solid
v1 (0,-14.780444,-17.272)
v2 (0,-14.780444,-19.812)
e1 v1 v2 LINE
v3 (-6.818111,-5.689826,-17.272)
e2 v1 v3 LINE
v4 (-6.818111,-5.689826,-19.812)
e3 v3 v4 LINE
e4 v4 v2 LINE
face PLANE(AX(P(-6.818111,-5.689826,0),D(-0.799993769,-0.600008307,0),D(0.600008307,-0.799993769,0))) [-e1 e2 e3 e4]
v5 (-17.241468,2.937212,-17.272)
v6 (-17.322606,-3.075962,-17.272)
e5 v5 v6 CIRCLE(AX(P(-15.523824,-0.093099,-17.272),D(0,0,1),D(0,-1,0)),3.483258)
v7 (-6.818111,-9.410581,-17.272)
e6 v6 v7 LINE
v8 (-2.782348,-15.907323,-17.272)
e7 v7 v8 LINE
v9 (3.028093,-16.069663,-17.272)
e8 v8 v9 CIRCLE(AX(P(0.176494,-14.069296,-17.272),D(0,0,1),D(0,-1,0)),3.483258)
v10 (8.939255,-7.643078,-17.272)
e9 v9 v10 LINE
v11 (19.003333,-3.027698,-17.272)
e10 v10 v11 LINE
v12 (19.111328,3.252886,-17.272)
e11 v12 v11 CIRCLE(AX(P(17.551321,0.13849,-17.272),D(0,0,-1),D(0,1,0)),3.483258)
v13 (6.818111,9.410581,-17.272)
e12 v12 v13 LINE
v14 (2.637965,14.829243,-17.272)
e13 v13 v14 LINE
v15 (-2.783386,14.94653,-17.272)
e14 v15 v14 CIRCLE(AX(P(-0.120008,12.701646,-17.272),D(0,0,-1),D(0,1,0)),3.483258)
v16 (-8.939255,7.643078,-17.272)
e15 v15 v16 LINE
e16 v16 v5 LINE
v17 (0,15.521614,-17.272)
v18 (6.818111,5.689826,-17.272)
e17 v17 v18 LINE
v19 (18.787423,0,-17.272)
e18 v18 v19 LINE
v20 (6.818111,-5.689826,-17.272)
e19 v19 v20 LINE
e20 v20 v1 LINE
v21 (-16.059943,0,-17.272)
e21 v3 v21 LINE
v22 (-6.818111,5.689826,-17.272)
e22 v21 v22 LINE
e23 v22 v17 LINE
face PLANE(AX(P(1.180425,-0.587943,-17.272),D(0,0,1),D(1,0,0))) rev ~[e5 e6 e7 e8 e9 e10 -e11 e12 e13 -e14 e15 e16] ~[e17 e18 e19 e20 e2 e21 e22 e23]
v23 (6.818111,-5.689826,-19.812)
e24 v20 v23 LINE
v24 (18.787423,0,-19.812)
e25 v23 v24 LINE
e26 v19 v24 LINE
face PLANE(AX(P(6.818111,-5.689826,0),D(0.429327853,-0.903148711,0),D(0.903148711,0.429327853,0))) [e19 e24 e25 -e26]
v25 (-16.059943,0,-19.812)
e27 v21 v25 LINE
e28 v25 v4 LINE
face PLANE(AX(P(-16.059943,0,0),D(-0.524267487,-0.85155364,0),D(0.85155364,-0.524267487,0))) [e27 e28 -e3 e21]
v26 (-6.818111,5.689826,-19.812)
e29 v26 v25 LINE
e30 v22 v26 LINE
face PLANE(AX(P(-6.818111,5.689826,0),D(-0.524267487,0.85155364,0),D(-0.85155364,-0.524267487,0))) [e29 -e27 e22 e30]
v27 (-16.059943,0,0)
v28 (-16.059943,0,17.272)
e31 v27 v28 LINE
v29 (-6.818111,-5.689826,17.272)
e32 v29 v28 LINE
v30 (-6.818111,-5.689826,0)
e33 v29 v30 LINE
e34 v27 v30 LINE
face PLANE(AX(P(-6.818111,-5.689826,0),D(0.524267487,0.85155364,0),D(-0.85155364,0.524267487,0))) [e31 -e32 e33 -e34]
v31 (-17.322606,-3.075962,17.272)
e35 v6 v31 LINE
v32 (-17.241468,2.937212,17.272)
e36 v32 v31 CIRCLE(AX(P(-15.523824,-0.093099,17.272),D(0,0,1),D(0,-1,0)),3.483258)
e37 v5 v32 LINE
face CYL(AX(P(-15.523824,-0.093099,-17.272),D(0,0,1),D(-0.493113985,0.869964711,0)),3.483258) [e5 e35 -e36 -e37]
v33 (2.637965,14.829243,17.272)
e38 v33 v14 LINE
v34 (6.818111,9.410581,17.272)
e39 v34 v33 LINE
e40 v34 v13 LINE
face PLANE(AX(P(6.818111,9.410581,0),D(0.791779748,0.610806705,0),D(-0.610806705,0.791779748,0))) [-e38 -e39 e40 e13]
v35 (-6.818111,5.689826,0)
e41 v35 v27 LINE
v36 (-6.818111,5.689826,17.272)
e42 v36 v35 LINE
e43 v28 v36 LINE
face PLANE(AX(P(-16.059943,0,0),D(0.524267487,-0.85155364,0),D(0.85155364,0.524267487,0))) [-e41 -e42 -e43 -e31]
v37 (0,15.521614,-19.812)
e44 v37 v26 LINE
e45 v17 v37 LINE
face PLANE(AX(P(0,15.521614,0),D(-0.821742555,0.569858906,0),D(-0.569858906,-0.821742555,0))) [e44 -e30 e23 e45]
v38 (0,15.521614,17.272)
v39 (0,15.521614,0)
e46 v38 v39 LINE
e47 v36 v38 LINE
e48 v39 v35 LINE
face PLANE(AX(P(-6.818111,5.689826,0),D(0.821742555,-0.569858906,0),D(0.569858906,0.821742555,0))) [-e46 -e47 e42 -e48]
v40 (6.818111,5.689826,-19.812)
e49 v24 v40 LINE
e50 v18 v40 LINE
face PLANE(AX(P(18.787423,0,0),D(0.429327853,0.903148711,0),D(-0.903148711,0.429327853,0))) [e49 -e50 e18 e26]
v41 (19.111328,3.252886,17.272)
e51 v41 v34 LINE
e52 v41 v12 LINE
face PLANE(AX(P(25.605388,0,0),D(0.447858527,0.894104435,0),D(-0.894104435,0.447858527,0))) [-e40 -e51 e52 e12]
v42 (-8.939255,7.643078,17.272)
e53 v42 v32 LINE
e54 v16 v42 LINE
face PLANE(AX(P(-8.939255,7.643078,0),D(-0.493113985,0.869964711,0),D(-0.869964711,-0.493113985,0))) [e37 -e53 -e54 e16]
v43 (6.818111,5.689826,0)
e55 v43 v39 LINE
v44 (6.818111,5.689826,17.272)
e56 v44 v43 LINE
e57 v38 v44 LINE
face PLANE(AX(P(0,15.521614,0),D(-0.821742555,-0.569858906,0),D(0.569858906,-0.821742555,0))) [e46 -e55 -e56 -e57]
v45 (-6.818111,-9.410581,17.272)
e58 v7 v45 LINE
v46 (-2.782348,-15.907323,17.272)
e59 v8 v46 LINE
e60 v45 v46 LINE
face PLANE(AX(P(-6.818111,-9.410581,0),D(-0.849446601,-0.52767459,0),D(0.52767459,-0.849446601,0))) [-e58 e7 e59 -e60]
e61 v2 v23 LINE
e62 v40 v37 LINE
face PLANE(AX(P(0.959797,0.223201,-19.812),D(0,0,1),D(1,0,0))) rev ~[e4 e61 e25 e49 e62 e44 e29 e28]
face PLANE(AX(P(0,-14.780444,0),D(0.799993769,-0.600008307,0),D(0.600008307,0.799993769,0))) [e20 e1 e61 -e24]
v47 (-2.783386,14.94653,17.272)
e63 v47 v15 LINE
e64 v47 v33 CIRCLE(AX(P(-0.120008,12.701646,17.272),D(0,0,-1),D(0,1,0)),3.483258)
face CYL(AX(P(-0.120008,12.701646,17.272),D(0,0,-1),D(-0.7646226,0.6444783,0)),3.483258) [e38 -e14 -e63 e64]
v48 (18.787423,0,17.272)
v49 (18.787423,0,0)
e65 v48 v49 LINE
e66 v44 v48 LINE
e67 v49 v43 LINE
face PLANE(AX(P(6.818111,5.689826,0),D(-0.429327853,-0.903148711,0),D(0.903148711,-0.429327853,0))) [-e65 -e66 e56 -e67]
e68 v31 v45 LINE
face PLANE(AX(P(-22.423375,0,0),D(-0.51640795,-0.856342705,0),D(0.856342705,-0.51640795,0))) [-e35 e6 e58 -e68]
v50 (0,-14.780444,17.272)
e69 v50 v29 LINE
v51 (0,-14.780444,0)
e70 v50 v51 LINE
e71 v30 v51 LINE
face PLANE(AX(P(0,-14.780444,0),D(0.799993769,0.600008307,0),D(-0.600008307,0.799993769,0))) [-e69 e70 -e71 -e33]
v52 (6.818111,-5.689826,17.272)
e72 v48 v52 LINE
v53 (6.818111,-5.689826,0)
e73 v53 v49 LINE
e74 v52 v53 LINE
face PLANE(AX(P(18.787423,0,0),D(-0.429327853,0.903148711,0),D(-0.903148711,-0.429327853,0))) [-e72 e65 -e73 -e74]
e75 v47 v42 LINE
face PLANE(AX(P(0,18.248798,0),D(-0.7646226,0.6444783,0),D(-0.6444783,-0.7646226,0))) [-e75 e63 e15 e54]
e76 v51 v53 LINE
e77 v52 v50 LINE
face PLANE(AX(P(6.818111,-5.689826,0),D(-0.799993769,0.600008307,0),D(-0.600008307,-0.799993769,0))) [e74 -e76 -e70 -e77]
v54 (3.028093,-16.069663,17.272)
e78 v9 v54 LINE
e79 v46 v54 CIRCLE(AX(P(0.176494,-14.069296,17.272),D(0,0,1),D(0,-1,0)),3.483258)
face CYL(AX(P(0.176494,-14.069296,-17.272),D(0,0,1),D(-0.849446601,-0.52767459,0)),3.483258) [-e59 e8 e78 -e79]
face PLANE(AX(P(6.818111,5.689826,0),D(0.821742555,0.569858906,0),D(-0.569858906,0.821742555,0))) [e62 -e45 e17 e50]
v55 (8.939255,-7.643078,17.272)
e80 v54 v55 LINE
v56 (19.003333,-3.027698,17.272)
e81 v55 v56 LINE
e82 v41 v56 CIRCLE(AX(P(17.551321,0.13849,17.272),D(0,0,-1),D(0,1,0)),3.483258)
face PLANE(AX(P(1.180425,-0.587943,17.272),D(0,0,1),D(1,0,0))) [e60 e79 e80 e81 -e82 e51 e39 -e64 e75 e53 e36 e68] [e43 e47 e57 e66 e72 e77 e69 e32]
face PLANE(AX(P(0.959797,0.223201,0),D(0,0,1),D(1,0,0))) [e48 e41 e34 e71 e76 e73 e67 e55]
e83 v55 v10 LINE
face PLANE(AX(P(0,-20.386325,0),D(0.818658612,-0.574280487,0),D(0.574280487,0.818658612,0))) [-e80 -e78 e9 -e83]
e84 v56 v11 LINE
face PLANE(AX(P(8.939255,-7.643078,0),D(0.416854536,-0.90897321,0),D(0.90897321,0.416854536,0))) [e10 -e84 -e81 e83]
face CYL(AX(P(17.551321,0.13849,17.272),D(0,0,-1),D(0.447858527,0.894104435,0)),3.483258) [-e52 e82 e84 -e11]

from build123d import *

# Parameters (mm, degrees)
F1_DEPTH = 17.272
F2_DEPTH = 19.812
F3_R     = 3.483258


with BuildPart() as f1:
    # F0 (on Top) → F1 (new body, symmetric)
    with BuildSketch(Plane.XY):
        Polygon((0, 18.248798), (-8.939255, 7.643078), (-22.423375, 0), (-6.818111, -9.410581), (0, -20.386325), (8.939255, -7.643078), (25.605388, 0), (6.818111, 9.410581), align=None)
        Polygon((-16.059943, 0), (-6.818111, 5.689826), (0, 15.521614), (6.818111, 5.689826), (18.787423, 0), (6.818111, -5.689826), (0, -14.780444), (-6.818111, -5.689826), align=None, mode=Mode.SUBTRACT)
    extrude(amount=F1_DEPTH, both=True)

    # F0 (on Top) → F2 (join)
    with BuildSketch(Plane.XY):
        Polygon((0, 15.521614), (-6.818111, 5.689826), (-16.059943, 0), (-6.818111, -5.689826), (0, -14.780444), (6.818111, -5.689826), (18.787423, 0), (6.818111, 5.689826), align=None)
    extrude(amount=-F2_DEPTH)

    # F3
    f3_edges = [f1.edges().sort_by_distance(p)[0] for p in [
        (0, -20.386325, 0),
        (-22.423375, 0, 0),
        (0, 18.248798, 0),
        (25.605388, 0, 0),
    ]]
    fillet(f3_edges, radius=F3_R)


solid = f1.part
